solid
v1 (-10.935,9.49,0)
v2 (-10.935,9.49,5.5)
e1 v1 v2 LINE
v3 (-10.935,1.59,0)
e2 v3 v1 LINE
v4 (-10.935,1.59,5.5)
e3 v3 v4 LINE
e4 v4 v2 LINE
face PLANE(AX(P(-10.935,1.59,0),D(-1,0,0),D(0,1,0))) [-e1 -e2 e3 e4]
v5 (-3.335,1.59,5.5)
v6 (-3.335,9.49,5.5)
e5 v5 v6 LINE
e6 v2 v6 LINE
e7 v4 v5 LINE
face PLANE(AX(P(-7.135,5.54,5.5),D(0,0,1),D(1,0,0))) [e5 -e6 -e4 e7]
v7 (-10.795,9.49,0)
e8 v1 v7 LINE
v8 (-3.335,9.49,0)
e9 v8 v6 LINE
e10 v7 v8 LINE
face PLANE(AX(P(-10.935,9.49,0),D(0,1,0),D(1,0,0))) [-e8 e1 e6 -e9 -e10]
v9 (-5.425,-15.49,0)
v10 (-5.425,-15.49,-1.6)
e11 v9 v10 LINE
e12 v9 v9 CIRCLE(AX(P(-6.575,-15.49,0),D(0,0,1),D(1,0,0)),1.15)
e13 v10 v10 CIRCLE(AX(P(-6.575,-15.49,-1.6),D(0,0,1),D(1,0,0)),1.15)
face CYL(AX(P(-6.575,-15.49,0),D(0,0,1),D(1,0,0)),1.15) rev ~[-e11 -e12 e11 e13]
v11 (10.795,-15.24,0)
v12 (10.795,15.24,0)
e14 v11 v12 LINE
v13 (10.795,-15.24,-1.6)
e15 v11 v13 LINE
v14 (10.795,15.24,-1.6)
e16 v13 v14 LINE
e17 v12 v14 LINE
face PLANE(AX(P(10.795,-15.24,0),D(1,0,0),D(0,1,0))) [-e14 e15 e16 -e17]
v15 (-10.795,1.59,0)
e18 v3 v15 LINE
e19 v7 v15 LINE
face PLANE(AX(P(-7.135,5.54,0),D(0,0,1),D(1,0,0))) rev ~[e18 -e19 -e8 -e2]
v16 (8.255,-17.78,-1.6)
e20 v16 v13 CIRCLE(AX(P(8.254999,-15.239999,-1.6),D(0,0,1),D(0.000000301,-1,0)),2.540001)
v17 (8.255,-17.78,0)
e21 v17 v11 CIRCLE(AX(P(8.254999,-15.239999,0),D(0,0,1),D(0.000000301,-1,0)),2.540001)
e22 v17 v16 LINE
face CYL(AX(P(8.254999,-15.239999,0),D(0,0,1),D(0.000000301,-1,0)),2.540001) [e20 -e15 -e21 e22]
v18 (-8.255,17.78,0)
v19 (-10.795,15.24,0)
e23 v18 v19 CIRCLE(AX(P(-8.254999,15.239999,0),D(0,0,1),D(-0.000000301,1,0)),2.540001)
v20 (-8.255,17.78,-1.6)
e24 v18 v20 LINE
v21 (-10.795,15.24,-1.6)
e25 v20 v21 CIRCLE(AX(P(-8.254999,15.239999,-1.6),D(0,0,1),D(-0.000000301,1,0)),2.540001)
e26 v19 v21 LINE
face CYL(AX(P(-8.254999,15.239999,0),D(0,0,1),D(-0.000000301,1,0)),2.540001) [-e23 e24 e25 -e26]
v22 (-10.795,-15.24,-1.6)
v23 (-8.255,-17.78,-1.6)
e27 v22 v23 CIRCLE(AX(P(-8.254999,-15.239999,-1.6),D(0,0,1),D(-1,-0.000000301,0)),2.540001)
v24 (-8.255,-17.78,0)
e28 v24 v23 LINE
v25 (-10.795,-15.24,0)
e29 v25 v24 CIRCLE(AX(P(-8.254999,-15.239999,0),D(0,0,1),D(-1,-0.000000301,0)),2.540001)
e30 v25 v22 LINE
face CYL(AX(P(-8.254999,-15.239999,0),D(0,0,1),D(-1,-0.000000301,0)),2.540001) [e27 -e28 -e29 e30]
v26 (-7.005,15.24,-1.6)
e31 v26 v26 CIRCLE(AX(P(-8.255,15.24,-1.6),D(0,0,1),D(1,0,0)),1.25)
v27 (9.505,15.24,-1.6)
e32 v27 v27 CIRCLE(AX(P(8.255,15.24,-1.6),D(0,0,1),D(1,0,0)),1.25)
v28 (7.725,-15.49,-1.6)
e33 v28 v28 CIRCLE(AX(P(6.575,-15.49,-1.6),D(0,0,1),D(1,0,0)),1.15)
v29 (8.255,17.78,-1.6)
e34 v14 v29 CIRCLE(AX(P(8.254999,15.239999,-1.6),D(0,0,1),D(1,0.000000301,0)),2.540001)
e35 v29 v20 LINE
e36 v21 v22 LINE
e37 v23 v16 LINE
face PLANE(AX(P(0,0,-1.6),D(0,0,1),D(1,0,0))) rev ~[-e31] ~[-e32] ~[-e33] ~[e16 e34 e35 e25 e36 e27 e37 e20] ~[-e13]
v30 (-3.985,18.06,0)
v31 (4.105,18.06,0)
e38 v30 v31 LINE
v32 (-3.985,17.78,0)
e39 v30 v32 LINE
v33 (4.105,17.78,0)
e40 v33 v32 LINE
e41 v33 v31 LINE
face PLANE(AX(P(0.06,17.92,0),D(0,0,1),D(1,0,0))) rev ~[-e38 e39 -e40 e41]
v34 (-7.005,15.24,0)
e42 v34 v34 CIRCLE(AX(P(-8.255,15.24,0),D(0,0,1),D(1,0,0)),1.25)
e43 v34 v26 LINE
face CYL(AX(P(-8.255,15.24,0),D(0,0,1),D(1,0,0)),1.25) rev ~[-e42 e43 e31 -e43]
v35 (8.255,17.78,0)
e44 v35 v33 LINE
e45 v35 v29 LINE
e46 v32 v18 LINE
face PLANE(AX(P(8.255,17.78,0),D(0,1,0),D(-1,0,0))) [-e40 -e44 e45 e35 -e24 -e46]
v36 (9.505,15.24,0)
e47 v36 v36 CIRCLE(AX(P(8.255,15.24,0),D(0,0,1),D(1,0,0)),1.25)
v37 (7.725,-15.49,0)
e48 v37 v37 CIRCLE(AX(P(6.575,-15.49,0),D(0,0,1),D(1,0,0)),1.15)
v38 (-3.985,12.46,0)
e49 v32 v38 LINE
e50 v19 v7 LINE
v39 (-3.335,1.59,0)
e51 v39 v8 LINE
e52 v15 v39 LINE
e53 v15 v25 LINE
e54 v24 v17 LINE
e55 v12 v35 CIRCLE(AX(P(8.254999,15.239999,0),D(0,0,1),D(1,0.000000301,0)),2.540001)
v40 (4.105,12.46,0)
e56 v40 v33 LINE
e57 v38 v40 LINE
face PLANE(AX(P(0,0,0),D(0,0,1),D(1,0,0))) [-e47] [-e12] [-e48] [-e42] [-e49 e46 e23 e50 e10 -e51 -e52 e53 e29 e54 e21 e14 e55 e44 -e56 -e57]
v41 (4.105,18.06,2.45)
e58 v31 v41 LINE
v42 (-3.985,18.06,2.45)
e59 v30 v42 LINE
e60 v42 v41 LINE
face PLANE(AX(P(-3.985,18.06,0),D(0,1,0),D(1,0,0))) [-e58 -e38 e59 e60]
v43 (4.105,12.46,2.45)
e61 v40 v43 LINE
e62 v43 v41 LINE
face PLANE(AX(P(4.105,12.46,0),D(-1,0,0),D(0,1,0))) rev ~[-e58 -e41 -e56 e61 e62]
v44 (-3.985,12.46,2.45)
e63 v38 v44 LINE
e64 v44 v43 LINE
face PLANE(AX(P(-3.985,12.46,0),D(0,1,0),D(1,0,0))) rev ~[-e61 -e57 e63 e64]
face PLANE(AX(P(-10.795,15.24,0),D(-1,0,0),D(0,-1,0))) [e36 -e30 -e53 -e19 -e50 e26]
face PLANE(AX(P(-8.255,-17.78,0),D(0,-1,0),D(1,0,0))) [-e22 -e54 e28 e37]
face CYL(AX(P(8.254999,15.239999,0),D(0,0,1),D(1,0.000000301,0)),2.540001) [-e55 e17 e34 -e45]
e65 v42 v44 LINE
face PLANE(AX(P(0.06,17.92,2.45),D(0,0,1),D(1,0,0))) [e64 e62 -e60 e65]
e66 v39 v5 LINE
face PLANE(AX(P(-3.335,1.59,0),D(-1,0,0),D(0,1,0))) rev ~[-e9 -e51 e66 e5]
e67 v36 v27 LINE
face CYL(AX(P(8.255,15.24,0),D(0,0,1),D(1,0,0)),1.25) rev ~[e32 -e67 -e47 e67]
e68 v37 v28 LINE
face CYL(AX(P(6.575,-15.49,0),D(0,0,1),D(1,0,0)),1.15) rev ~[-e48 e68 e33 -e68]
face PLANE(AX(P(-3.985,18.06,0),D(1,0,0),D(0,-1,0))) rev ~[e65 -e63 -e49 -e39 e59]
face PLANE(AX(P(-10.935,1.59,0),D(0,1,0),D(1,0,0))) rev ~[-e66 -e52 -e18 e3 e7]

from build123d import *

# Parameters (mm, degrees)
F0_R     = 1.15
F0_R_2   = 1.25
F1_DEPTH = 1.6
F2_W     = 7.6
F2_H     = 7.9
F3_DEPTH = 5.5
F4_W     = 8.09
F4_H     = 0.28
F4_H_2   = 5.32
F5_DEPTH = 2.45


with BuildPart() as f1:
    # F0 (on Top) → F1 (new body)
    with BuildSketch(Plane.XY):
        with BuildLine():
            ThreePointArc((10.795, 15.24), (10.051051, 17.036051), (8.255, 17.78))
            Line((8.255, 17.78), (-8.255, 17.78))
            ThreePointArc((-8.255, 17.78), (-10.051051, 17.036051), (-10.795, 15.24))
            Line((-10.795, 15.24), (-10.795, -15.24))
            ThreePointArc((-10.795, -15.24), (-10.051051, -17.036051), (-8.255, -17.78))
            Line((-8.255, -17.78), (8.255, -17.78))
            ThreePointArc((8.255, -17.78), (10.051051, -17.036051), (10.795, -15.24))
            Line((10.795, -15.24), (10.795, 15.24))
        make_face()
        with Locations((-6.575, -15.49)):
            Circle(F0_R, mode=Mode.SUBTRACT)
        with Locations((6.575, -15.49)):
            Circle(F0_R, mode=Mode.SUBTRACT)
        with Locations((-8.255, 15.24)):
            Circle(F0_R_2, mode=Mode.SUBTRACT)
        with Locations((8.255, 15.24)):
            Circle(F0_R_2, mode=Mode.SUBTRACT)
    extrude(amount=-F1_DEPTH)

    # F2 (on Top) → F3 (join)
    with BuildSketch(Plane.XY):
        with Locations((-7.135, 5.54)):
            Rectangle(F2_W, F2_H)
    extrude(amount=F3_DEPTH)

    # F4 (on face) → F5 (join)
    with BuildSketch(Plane.XY):
        with Locations((0.06, 17.92)):
            Rectangle(F4_W, F4_H)
        with Locations((0.06, 15.12)):
            Rectangle(F4_W, F4_H_2)
    extrude(amount=F5_DEPTH)


solid = f1.part
